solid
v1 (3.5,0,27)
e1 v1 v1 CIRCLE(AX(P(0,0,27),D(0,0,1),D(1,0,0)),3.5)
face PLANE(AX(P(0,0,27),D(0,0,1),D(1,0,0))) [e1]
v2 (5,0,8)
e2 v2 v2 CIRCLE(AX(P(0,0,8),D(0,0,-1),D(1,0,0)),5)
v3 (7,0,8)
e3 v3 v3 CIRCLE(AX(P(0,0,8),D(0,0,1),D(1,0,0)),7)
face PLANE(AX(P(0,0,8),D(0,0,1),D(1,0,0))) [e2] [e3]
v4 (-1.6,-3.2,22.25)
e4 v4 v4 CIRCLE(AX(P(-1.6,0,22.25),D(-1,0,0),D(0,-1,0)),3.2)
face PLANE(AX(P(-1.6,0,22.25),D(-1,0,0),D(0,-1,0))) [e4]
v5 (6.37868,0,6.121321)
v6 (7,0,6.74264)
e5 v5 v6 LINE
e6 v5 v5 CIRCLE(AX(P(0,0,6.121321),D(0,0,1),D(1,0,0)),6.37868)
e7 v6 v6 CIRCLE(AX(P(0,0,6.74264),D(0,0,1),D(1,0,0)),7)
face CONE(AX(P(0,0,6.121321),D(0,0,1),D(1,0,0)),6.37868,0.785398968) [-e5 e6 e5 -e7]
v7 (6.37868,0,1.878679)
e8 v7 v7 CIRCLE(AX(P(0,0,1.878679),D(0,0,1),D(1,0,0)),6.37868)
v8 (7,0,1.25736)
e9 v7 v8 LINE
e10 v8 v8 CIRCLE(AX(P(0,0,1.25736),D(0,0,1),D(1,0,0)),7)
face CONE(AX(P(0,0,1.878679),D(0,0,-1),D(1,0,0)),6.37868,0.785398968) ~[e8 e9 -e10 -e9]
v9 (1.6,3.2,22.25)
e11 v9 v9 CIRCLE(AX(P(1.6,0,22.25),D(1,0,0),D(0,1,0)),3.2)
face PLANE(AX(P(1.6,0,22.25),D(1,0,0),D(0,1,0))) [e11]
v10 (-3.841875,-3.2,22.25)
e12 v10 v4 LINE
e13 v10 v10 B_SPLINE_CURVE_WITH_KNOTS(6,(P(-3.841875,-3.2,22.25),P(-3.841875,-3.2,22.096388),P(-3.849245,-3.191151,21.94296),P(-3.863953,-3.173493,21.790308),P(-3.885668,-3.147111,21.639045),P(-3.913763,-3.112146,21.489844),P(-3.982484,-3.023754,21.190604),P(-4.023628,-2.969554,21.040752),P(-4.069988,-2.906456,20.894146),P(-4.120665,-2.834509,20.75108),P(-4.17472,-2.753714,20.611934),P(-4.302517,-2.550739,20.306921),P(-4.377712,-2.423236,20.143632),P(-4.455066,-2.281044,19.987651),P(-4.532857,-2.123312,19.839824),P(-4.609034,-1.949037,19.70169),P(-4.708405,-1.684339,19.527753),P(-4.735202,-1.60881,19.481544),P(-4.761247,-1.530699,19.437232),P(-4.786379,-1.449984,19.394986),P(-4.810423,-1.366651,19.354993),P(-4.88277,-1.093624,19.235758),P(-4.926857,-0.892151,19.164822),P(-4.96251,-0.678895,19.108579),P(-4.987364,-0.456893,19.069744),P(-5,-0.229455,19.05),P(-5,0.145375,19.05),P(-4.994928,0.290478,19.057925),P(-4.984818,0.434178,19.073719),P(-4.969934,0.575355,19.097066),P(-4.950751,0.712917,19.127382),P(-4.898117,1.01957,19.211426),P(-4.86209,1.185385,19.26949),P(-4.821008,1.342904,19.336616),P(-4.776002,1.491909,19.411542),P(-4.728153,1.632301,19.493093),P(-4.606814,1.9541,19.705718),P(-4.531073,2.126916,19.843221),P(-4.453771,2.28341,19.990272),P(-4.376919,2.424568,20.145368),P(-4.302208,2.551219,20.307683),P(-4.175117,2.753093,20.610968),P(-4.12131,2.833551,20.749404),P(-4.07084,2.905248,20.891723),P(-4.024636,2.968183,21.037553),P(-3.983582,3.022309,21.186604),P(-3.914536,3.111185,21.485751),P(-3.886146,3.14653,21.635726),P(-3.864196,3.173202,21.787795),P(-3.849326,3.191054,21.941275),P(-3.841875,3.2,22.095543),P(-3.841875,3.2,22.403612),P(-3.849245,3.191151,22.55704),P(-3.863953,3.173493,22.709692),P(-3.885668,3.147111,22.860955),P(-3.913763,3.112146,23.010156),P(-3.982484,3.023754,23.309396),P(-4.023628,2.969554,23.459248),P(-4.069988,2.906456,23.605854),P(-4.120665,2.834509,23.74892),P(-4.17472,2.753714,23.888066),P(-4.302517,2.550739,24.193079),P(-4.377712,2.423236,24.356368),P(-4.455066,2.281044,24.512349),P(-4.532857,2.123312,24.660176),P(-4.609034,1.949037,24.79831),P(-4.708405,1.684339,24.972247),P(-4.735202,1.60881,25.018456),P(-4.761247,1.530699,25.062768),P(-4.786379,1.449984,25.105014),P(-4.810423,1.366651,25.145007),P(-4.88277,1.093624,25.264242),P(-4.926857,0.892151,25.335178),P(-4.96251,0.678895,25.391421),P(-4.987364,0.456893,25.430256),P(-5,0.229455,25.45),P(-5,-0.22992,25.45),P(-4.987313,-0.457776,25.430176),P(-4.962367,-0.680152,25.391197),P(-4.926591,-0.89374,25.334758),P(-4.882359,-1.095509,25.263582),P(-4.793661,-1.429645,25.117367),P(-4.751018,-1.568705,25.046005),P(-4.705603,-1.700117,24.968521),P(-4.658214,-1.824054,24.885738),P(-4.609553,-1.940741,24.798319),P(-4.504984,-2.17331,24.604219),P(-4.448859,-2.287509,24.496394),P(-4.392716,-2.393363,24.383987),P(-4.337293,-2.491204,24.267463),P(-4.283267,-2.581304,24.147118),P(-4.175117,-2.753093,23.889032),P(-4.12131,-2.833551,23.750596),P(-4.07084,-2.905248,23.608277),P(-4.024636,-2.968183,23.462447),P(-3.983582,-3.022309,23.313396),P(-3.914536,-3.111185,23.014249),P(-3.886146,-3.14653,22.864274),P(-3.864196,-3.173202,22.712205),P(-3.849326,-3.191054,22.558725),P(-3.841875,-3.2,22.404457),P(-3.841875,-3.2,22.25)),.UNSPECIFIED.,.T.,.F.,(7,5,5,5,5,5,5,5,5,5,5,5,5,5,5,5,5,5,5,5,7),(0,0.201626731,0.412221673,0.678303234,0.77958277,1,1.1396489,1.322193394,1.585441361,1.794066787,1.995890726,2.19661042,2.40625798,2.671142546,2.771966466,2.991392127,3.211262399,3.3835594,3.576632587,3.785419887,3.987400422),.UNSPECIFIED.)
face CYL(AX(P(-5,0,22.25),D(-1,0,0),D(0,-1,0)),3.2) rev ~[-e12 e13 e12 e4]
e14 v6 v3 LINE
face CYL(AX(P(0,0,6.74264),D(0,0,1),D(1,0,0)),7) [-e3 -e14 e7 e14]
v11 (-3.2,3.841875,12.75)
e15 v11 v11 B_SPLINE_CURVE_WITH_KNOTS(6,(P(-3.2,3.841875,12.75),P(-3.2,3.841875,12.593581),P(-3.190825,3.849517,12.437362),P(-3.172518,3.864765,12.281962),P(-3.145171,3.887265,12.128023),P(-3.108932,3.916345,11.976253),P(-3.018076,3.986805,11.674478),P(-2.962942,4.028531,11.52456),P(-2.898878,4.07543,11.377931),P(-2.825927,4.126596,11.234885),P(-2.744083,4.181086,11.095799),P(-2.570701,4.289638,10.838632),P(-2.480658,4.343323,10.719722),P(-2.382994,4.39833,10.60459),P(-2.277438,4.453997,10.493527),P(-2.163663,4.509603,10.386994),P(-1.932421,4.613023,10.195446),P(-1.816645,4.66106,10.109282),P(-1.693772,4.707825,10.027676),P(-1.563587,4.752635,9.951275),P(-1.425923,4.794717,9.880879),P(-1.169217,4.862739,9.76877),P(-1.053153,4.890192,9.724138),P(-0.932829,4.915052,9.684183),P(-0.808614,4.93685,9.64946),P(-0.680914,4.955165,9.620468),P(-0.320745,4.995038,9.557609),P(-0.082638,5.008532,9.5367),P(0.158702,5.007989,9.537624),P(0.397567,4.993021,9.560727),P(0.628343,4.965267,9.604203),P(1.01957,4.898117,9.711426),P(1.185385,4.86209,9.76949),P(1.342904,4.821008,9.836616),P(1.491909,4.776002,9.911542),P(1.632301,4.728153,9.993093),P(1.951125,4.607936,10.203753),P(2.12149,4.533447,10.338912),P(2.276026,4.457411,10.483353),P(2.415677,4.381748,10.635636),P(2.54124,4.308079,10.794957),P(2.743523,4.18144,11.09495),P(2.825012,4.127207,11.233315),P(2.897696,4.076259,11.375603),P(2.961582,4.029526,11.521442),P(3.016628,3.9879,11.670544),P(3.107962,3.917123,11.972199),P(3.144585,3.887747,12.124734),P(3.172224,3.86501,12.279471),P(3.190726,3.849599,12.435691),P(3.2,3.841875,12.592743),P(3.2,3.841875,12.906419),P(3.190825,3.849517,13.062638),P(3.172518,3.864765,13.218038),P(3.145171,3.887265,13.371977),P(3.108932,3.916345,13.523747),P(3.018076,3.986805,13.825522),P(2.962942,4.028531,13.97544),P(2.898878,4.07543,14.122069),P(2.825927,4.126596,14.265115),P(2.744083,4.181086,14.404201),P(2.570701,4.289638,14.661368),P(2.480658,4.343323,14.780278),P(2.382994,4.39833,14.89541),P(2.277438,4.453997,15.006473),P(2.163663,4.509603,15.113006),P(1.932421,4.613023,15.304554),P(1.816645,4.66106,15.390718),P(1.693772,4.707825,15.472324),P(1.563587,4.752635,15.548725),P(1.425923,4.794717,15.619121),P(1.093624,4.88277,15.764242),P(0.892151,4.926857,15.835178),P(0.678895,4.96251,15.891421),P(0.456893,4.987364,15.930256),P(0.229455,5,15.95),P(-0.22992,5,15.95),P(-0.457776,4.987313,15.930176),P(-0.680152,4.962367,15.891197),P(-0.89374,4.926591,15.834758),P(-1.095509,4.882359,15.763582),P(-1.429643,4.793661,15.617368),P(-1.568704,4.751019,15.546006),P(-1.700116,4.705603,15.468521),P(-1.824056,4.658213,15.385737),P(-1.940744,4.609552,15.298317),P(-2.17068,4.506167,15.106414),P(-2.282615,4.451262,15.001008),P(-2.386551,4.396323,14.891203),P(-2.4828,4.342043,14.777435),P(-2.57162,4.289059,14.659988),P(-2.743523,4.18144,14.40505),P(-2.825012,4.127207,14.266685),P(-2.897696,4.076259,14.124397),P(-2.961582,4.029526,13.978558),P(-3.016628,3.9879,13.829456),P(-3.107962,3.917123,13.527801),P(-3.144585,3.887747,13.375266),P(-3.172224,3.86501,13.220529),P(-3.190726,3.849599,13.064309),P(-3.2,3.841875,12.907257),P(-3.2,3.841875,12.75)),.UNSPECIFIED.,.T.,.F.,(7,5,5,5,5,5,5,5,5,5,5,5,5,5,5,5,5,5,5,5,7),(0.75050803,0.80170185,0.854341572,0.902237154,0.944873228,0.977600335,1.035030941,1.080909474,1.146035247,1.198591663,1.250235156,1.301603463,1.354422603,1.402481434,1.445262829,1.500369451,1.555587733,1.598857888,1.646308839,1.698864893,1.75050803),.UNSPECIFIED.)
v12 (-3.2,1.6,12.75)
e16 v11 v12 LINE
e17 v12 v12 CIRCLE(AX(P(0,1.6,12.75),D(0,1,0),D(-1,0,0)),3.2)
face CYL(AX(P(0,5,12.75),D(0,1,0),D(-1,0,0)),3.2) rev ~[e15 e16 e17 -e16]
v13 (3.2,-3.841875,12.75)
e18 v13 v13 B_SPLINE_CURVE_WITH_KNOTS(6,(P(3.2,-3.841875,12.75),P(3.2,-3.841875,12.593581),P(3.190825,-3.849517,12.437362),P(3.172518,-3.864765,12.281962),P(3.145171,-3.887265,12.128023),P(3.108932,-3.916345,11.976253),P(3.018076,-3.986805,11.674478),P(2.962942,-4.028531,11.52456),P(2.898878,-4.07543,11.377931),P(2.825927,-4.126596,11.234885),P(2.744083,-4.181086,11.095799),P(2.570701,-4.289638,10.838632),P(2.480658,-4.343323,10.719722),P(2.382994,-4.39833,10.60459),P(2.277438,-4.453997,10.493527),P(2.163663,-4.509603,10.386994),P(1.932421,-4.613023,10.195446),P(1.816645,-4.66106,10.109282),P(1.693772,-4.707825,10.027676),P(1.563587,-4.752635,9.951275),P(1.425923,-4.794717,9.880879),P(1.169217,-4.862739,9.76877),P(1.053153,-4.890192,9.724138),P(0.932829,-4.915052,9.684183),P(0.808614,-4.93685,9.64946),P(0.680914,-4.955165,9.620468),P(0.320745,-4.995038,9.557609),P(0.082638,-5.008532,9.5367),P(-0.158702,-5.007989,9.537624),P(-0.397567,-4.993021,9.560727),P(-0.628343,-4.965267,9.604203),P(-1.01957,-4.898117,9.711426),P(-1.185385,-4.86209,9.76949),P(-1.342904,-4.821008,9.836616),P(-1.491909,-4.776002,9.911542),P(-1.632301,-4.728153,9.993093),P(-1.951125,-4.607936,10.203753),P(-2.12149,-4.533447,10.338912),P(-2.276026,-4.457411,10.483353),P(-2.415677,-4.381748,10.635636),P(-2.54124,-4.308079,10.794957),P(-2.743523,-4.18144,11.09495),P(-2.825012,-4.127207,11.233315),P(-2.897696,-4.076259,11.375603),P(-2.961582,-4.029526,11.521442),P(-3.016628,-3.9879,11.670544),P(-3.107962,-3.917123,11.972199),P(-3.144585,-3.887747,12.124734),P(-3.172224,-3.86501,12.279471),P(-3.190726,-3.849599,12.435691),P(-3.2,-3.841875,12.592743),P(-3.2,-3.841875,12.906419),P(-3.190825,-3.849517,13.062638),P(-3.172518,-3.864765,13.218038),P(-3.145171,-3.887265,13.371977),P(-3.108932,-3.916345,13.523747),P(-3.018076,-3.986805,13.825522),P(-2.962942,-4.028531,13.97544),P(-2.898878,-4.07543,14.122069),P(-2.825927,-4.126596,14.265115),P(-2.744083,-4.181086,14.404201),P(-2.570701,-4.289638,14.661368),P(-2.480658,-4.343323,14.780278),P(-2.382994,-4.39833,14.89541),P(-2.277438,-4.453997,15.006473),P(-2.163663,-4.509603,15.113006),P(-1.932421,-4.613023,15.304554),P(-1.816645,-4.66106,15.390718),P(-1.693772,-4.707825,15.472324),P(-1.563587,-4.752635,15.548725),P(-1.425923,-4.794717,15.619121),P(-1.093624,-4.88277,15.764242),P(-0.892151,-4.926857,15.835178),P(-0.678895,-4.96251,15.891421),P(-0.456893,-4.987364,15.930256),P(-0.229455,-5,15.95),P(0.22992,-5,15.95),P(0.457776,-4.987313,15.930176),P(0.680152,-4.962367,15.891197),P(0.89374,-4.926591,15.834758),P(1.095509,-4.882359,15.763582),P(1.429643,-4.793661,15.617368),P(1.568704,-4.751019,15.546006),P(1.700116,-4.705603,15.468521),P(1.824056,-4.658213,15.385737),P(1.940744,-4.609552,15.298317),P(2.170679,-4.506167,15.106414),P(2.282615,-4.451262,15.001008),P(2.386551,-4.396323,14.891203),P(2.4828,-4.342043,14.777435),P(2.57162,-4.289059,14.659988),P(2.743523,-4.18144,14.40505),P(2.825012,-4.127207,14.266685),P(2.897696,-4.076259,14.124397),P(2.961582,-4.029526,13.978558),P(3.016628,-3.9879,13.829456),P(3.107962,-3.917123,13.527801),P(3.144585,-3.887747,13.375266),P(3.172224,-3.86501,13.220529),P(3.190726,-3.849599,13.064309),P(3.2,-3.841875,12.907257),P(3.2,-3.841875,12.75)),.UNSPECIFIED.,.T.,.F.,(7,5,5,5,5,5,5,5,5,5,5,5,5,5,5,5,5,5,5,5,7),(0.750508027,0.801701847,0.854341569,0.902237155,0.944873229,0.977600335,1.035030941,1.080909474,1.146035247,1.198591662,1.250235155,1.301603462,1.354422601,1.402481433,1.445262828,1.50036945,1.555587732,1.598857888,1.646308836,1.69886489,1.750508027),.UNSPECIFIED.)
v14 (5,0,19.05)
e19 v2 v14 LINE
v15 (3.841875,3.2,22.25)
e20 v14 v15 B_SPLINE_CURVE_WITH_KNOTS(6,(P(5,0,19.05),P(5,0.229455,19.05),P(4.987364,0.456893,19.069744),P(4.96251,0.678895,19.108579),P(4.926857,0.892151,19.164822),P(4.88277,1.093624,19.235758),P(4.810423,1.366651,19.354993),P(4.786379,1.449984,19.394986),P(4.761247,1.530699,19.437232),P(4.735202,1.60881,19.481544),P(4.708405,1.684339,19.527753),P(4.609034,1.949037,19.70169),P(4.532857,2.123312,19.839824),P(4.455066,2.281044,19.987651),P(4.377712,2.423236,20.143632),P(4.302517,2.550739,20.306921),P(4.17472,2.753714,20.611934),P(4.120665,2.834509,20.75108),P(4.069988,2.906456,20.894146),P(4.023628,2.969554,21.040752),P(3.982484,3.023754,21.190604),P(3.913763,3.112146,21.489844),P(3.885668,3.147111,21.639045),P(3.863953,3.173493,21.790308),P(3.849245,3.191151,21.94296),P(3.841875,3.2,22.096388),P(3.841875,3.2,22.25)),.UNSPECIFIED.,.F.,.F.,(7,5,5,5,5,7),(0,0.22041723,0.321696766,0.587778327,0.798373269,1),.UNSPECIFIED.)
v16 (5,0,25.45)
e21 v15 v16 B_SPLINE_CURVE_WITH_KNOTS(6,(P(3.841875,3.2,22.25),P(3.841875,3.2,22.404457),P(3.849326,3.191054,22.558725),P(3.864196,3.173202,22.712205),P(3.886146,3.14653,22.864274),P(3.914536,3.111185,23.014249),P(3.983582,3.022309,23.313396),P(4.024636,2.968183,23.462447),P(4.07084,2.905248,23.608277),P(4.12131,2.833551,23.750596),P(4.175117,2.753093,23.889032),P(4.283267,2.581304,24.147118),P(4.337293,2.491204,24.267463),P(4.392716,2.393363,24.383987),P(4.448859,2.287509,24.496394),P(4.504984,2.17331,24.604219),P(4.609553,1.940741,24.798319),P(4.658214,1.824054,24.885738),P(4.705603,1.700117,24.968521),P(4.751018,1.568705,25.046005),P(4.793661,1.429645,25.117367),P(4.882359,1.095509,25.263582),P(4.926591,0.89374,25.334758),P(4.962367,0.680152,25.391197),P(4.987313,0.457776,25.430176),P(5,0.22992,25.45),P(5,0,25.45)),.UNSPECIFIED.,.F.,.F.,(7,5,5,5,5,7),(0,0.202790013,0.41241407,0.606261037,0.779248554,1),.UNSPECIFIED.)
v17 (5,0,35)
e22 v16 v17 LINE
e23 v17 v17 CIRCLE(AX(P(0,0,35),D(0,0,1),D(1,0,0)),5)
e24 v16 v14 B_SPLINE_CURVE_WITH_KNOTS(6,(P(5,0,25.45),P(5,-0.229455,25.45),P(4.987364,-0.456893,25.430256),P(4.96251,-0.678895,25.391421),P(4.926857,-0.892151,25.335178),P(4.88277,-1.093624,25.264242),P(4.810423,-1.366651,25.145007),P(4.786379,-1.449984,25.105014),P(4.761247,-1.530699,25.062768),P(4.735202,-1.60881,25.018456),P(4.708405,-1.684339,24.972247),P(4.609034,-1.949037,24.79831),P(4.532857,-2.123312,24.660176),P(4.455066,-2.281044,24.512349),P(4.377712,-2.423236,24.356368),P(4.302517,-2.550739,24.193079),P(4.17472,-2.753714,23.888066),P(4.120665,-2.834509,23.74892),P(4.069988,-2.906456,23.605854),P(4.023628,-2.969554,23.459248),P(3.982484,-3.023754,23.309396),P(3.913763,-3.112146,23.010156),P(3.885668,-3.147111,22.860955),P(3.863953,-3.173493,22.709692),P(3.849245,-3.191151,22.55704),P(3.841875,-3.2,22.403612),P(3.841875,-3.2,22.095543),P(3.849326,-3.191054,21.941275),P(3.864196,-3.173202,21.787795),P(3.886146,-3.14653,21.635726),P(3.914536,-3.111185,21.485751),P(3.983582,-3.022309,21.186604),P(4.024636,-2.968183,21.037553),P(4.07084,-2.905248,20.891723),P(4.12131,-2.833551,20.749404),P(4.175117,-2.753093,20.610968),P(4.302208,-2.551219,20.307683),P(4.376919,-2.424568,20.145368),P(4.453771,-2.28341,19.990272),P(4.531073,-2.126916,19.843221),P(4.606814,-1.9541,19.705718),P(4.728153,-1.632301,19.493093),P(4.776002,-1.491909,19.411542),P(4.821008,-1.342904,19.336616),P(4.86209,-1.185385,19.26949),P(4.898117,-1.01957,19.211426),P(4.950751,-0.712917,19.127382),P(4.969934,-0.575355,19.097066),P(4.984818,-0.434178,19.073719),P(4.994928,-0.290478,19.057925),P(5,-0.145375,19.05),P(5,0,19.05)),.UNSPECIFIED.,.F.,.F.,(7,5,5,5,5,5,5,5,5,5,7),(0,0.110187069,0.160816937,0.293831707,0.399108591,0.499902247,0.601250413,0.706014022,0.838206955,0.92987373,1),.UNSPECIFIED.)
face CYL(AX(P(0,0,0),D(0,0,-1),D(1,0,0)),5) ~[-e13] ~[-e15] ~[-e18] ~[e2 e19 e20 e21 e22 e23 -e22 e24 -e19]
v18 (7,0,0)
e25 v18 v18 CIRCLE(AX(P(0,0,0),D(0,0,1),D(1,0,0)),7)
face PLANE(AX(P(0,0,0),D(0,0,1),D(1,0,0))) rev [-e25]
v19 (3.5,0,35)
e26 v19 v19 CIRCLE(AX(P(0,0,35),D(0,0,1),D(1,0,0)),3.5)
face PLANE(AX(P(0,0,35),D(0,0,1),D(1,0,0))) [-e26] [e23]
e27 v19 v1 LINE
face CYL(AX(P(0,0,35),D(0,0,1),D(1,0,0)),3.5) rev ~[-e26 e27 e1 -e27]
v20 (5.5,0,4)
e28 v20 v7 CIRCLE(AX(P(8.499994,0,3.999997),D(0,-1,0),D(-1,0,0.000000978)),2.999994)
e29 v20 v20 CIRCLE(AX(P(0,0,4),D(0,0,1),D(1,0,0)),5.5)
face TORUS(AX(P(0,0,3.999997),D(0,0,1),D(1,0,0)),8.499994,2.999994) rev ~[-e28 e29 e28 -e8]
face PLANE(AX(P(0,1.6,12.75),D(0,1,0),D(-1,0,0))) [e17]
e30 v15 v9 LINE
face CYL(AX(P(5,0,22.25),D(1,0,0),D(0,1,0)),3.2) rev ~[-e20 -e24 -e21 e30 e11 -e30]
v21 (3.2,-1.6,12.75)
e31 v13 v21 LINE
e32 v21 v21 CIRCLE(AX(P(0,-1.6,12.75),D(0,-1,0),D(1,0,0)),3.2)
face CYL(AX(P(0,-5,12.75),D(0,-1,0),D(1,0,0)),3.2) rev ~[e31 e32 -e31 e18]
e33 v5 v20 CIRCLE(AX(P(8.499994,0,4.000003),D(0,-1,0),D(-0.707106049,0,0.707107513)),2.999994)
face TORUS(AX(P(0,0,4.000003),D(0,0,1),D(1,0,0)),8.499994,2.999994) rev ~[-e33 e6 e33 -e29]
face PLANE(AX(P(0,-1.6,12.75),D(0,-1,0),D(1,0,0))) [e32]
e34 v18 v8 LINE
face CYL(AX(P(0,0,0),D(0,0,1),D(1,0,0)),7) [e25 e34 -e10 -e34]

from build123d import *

# Parameters (mm, degrees)
SKETCH_R        = 5
PAD_DEPTH       = 35
SKETCH019_R     = 3.5
POCKET007_DEPTH = 8
SKETCH066_R     = 3.2
POCKET_DEPTH    = 3.4
SKETCH067_R     = 3.2
POCKET025_DEPTH = 3.4
SKETCH068_R     = 3.2
POCKET026_DEPTH = 3.4
SKETCH069_R     = 3.2
POCKET027_DEPTH = 3.4


with BuildPart() as part:
    # Sketch → Pad (new body)
    with BuildSketch(Plane.XY):
        Circle(SKETCH_R)
    extrude(amount=PAD_DEPTH)

    # Sketch019 → Pocket007 (cut)
    with BuildSketch(Plane.XY.offset(35)):
        Circle(SKETCH019_R)
    extrude(amount=-POCKET007_DEPTH, mode=Mode.SUBTRACT)

    # Sketch034 → Revolution (revolve)
    with BuildSketch(Plane.XZ):
        with BuildLine():
            ThreePointArc((6.37868, 6.121321), (5.728361, 5.148051), (5.5, 4))
            ThreePointArc((5.5, 4), (5.728361, 2.851949), (6.37868, 1.878679))
            Line((6.37868, 1.878679), (7, 1.25736))
            Line((7, 0), (7, 1.25736))
            Line((0, 0), (7, 0))
            Line((0, 8), (0, 0))
            Line((7, 8), (0, 8))
            Line((7, 6.74264), (7, 8))
            Line((6.37868, 6.121321), (7, 6.74264))
        make_face()
    revolve(axis=Axis((0, 0, 0), (0, 0, 1)))

    # Sketch066 (on DatumPlane) → Pocket (cut)
    with BuildSketch(Plane(origin=(5, 0, 35), x_dir=(0, 1, 0), z_dir=(1, 0, 0))):
        with Locations((0, -12.75)):
            Circle(SKETCH066_R)
    extrude(amount=-POCKET_DEPTH, mode=Mode.SUBTRACT)

    # Sketch067 (on DatumPlane) → Pocket025 (cut)
    with BuildSketch(Plane(origin=(0, 5, 35), x_dir=(-1, 0, 0), z_dir=(0, 1, 0))):
        with Locations((0, -22.25)):
            Circle(SKETCH067_R)
    extrude(amount=-POCKET025_DEPTH, mode=Mode.SUBTRACT)

    # Sketch068 (on DatumPlane) → Pocket026 (cut)
    with BuildSketch(Plane(origin=(-5, 0, 35), x_dir=(0, -1, 0), z_dir=(-1, 0, 0))):
        with Locations((0, -12.75)):
            Circle(SKETCH068_R)
    extrude(amount=-POCKET026_DEPTH, mode=Mode.SUBTRACT)

    # Sketch069 (on DatumPlane) → Pocket027 (cut)
    with BuildSketch(Plane(origin=(0, -5, 35), x_dir=(1, 0, 0), z_dir=(0, -1, 0))):
        with Locations((0, -22.25)):
            Circle(SKETCH069_R)
    extrude(amount=-POCKET027_DEPTH, mode=Mode.SUBTRACT)


solid = part.part
